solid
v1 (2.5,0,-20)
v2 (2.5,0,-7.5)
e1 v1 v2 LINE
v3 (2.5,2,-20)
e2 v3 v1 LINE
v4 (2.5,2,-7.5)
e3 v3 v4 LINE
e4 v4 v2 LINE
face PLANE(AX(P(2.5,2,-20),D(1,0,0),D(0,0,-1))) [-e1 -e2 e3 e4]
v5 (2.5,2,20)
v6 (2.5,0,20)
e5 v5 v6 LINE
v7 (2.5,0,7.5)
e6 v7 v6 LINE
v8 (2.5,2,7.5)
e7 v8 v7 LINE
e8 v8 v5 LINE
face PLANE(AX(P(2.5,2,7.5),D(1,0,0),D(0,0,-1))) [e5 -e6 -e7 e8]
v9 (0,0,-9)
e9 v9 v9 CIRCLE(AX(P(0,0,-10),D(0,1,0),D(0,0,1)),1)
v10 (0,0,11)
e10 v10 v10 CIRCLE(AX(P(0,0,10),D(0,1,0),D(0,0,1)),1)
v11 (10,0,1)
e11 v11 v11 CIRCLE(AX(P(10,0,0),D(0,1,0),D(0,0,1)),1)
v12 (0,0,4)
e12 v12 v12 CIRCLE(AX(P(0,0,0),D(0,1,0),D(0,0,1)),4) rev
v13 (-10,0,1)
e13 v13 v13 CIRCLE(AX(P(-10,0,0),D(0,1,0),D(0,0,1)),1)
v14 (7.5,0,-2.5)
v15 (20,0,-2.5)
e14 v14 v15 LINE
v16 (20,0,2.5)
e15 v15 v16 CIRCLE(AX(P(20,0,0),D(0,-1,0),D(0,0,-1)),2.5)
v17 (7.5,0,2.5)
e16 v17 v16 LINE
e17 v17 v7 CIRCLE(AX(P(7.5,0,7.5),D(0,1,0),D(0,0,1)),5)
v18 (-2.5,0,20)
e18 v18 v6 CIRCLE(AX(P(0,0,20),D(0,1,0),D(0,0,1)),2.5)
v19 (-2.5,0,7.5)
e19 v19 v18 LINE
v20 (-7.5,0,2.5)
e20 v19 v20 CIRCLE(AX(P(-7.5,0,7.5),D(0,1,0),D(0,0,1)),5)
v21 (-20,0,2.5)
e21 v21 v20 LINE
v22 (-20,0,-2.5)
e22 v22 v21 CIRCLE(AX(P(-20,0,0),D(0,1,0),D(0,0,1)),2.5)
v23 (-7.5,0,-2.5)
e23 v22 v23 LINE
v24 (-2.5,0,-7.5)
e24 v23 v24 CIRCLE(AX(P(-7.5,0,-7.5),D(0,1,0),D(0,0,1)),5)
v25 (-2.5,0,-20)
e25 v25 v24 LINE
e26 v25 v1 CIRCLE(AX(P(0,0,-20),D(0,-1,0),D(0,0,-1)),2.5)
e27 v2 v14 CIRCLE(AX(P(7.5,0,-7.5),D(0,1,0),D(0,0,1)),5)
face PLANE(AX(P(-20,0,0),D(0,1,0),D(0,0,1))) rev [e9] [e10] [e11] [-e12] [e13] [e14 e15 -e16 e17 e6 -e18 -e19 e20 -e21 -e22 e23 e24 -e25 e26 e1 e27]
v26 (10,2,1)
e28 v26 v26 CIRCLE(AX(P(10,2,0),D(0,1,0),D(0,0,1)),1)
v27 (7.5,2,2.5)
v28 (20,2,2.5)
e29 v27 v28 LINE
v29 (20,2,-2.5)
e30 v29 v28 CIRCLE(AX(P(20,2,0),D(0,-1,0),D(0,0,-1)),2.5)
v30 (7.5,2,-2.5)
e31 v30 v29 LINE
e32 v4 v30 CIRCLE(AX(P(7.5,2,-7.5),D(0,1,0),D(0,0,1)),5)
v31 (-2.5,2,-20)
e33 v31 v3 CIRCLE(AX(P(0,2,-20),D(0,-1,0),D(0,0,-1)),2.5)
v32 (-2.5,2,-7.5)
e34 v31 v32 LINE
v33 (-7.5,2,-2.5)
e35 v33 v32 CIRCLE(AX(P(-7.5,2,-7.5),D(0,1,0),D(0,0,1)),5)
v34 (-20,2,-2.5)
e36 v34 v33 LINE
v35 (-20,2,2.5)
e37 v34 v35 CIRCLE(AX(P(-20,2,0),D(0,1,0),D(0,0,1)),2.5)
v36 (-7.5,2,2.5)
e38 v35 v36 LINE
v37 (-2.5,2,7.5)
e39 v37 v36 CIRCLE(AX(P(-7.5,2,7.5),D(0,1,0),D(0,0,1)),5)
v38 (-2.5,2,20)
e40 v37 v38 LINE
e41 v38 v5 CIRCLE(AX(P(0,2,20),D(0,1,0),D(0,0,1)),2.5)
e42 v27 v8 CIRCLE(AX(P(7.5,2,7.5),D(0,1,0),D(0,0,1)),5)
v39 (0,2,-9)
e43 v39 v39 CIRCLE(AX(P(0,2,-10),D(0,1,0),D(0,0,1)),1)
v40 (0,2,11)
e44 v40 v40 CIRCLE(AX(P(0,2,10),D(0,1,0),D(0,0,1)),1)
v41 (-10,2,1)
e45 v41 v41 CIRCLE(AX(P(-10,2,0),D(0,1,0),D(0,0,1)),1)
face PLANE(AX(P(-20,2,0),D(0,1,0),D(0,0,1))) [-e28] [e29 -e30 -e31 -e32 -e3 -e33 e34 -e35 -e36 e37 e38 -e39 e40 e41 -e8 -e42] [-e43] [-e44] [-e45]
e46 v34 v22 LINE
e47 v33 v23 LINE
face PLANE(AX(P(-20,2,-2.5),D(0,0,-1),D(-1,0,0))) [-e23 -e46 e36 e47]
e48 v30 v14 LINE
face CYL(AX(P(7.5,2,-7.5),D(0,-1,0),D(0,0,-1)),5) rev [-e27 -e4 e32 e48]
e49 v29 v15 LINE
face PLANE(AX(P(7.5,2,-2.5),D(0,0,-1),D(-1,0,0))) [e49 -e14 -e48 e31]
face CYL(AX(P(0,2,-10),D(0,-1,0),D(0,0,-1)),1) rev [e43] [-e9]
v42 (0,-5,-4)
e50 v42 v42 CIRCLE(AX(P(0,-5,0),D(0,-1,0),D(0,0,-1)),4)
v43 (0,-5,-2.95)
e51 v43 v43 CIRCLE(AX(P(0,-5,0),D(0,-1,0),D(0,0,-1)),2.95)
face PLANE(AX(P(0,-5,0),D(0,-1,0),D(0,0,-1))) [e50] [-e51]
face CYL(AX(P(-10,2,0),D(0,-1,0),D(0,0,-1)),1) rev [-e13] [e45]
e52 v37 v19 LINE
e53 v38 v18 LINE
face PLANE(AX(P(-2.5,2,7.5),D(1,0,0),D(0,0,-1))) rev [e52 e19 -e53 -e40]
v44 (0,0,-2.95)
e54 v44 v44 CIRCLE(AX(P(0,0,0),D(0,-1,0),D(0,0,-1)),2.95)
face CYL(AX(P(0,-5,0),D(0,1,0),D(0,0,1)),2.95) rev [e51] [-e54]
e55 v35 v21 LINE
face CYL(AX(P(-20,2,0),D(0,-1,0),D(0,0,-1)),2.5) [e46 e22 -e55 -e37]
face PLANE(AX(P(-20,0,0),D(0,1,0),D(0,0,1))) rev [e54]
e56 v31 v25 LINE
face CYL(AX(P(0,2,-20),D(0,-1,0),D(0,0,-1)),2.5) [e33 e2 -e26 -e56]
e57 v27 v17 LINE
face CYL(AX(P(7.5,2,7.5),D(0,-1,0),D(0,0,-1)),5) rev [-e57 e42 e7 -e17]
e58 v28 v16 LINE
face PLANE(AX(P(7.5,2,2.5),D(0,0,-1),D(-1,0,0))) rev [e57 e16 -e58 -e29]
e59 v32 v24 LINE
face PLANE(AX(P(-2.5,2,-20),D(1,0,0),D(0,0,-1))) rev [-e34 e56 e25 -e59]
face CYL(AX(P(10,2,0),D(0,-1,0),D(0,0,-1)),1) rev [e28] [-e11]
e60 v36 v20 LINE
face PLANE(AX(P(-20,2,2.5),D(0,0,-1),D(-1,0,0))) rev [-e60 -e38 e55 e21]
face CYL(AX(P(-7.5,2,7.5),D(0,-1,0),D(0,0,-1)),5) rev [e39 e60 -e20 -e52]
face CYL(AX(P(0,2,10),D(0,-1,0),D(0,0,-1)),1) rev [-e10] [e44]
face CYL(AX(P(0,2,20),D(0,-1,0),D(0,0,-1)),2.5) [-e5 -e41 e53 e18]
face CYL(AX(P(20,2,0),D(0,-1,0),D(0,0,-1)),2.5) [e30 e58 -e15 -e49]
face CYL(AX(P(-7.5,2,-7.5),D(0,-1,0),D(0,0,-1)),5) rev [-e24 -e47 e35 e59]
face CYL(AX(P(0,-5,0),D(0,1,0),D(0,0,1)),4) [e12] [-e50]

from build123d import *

# Parameters (mm, degrees)
SKETCH1_R           = 1
BOSS_EXTRUDE1_DEPTH = 2
SKETCH2_R           = 4
SKETCH2_R_2         = 2.95
BOSS_EXTRUDE2_DEPTH = 5


with BuildPart() as part:
    # Sketch1 → Boss-Extrude1 (new body)
    with BuildSketch(Plane(origin=(0, 0, 0), x_dir=(1, 0, 0), z_dir=(0, 1, 0))):
        with BuildLine():
            Line((2.5, 20), (2.5, 7.5))
            ThreePointArc((2.5, 7.5), (3.964466094, 3.964466094), (7.5, 2.5))
            Line((7.5, 2.5), (20, 2.5))
            ThreePointArc((20, 2.5), (22.5, 0), (20, -2.5))
            Line((20, -2.5), (7.5, -2.5))
            ThreePointArc((7.5, -2.5), (3.964466094, -3.964466094), (2.5, -7.5))
            Line((2.5, -7.5), (2.5, -20))
            ThreePointArc((2.5, -20), (0, -22.5), (-2.5, -20))
            Line((-2.5, -20), (-2.5, -7.5))
            ThreePointArc((-2.5, -7.5), (-3.964466094, -3.964466094), (-7.5, -2.5))
            Line((-7.5, -2.5), (-20, -2.5))
            ThreePointArc((-20, -2.5), (-22.5, 0), (-20, 2.5))
            Line((-20, 2.5), (-7.5, 2.5))
            ThreePointArc((-7.5, 2.5), (-3.964466094, 3.964466094), (-2.5, 7.5))
            Line((-2.5, 7.5), (-2.5, 20))
            ThreePointArc((-2.5, 20), (0, 22.5), (2.5, 20))
        make_face()
        with Locations(Location((10, 0, 0), (0, 0, 270))):
            Circle(SKETCH1_R, mode=Mode.SUBTRACT)
        with Locations(Location((-10, 0, 0), (0, 0, 270))):
            Circle(SKETCH1_R, mode=Mode.SUBTRACT)
        with Locations(Location((0, 10, 0), (0, 0, 270))):
            Circle(SKETCH1_R, mode=Mode.SUBTRACT)
        with Locations(Location((0, -10, 0), (0, 0, 270))):
            Circle(SKETCH1_R, mode=Mode.SUBTRACT)
    extrude(amount=BOSS_EXTRUDE1_DEPTH)

    # Sketch2 → Boss-Extrude2 (add)
    with BuildSketch(Plane.XZ):
        with Locations(Location((0, 0, 0), (0, 0, 90))):
            Circle(SKETCH2_R)
        with Locations(Location((0, 0, 0), (0, 0, 270))):
            Circle(SKETCH2_R_2, mode=Mode.SUBTRACT)
    extrude(amount=BOSS_EXTRUDE2_DEPTH)


solid = part.part
